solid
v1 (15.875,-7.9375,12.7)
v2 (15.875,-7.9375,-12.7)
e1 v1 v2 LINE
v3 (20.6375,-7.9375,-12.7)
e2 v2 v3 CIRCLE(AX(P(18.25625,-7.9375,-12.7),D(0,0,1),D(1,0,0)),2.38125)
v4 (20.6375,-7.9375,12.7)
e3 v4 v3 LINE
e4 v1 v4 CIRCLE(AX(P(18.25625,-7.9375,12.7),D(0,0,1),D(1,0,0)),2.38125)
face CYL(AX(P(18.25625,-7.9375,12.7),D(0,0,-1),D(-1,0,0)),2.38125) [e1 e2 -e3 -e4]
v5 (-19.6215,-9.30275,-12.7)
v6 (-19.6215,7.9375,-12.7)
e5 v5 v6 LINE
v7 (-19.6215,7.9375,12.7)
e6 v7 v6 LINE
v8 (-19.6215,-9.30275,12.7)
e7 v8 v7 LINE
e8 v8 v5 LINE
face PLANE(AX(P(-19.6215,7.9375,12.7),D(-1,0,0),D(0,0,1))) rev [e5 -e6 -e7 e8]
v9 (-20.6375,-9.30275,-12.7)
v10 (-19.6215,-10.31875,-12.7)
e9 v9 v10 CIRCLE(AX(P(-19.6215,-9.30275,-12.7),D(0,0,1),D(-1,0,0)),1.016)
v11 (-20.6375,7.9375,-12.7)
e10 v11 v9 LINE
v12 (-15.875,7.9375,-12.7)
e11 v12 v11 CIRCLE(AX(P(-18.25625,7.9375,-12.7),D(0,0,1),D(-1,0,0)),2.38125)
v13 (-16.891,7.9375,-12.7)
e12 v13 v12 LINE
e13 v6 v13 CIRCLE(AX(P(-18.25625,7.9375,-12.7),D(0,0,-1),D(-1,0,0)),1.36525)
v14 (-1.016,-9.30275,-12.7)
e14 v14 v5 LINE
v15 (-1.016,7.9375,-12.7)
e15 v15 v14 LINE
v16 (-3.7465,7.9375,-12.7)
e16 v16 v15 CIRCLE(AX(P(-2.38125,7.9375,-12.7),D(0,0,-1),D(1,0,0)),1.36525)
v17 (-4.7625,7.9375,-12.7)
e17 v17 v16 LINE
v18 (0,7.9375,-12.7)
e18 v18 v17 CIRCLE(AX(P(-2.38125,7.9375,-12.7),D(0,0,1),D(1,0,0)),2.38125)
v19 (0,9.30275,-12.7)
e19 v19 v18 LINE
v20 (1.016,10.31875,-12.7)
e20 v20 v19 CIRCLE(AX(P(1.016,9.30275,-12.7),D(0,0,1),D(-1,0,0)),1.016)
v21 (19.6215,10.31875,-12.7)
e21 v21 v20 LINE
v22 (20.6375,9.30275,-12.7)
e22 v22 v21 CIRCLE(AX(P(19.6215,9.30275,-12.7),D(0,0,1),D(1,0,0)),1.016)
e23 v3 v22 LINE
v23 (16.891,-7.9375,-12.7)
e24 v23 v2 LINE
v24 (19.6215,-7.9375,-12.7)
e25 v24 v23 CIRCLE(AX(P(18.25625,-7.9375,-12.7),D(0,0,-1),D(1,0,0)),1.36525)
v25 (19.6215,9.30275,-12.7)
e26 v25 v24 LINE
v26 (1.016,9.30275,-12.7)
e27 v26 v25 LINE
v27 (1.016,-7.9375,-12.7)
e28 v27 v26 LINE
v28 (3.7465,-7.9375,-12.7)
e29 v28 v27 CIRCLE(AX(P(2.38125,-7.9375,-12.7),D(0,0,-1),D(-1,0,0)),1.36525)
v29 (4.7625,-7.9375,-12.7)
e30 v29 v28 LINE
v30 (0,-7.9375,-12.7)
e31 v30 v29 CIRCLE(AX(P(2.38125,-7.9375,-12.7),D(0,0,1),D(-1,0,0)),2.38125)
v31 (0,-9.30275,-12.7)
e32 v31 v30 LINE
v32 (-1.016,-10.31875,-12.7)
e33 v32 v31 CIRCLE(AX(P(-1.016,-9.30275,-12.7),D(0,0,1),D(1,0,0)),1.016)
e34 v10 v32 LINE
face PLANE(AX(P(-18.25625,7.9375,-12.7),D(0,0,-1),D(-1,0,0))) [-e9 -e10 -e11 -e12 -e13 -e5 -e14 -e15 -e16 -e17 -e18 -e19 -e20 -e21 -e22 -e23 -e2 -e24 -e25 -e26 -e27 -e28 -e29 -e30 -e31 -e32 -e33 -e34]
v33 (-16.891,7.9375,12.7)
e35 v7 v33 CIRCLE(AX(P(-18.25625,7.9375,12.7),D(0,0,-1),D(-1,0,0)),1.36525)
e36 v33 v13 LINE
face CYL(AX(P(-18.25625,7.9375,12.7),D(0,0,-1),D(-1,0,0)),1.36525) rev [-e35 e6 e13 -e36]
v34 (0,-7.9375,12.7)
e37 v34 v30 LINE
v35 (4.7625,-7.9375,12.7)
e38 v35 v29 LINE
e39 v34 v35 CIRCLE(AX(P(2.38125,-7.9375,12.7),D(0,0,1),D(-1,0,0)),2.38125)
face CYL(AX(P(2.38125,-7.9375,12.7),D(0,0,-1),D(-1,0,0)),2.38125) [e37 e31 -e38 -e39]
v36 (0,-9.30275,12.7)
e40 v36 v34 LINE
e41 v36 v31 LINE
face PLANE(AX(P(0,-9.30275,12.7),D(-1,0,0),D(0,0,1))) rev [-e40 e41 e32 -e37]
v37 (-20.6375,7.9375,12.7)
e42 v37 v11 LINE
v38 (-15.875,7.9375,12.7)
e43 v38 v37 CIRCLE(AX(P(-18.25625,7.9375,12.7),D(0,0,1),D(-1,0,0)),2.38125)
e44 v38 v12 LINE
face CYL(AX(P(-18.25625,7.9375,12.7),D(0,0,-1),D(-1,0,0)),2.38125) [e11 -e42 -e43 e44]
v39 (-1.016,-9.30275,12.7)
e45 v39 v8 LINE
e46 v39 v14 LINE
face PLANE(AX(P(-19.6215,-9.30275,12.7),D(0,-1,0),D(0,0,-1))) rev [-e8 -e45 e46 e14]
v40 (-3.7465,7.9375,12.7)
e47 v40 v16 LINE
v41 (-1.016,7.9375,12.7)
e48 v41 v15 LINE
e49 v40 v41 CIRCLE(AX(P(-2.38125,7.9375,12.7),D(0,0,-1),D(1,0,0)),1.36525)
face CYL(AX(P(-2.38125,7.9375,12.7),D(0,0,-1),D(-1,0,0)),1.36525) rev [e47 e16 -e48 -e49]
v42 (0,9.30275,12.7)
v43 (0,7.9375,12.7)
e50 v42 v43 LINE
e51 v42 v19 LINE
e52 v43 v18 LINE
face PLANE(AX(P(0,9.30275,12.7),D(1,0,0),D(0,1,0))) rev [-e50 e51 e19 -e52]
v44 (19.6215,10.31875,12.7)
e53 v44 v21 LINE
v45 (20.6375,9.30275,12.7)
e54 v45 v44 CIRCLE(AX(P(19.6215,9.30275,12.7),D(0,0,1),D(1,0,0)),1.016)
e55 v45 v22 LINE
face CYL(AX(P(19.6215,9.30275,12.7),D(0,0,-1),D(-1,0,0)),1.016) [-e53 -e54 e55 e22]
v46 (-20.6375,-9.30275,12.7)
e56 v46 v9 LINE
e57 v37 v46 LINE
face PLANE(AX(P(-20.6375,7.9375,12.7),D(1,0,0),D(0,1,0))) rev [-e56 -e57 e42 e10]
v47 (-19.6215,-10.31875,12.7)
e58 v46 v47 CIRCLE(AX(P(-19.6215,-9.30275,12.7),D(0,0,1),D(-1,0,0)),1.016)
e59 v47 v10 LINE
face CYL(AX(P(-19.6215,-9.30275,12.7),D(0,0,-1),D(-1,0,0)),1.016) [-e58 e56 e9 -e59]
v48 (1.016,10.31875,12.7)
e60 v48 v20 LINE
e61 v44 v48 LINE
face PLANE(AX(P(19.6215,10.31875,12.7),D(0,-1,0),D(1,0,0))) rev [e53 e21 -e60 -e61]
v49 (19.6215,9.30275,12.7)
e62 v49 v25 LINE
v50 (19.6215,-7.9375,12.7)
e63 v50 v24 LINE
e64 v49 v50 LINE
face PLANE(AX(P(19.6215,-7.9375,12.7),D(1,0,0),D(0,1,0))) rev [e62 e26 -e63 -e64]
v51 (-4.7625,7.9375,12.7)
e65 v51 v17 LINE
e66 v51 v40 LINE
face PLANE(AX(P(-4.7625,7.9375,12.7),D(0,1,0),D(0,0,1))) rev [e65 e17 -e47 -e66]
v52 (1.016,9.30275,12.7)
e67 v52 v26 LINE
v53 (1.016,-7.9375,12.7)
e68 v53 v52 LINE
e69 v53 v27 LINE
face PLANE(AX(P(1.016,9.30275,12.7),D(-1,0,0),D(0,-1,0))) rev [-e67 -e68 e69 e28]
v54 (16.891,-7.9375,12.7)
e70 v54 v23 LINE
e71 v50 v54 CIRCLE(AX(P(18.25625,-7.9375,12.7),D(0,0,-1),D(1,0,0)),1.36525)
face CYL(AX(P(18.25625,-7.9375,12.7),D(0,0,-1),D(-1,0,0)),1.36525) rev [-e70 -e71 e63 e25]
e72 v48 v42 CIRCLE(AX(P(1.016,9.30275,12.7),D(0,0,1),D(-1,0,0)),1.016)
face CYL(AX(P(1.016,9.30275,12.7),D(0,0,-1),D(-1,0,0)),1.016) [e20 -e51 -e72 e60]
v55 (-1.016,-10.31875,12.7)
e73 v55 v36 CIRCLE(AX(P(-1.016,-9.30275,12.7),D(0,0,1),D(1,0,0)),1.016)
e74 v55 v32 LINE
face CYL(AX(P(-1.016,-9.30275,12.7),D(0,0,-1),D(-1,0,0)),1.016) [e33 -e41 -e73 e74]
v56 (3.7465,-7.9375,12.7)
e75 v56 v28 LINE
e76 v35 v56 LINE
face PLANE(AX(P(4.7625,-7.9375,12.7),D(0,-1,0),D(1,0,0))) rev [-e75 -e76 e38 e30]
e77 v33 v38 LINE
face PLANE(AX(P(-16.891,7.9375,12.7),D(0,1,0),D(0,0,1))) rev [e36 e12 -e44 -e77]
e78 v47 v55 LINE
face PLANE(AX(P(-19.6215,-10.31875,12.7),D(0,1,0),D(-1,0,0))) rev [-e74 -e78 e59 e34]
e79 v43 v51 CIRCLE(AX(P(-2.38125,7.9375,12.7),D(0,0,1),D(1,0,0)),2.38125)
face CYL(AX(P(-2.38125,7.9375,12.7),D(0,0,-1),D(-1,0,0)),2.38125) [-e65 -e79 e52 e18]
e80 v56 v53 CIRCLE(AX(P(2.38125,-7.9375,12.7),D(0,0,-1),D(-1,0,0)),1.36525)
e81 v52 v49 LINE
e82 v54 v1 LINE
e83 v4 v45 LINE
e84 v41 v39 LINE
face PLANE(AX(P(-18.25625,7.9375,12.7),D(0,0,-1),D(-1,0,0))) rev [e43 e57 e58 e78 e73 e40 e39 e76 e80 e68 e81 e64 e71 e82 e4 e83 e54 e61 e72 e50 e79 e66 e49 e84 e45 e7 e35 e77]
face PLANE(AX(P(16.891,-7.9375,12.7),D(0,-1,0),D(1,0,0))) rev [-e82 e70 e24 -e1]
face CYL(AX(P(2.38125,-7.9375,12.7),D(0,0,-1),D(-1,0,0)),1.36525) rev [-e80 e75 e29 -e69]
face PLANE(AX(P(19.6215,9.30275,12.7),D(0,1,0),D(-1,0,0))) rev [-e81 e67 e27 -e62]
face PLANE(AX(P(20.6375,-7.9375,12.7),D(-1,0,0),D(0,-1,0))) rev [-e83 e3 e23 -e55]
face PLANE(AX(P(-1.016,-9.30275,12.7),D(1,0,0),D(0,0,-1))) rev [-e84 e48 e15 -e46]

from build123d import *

# Parameters (mm, degrees)
BASE_EXTRUDE_DEPTH = 12.7
CIRPATTERN1_COUNT  = 2


with BuildPart() as part:
    # Sketch1 → Base-Extrude (new, symmetric)
    with BuildSketch(Plane.XY):
        with BuildLine():
            Line((-20.6375, 7.9375), (-20.6375, -9.30275))
            ThreePointArc((-20.6375, -9.30275), (-20.33992049, -10.02117049), (-19.6215, -10.31875))
            Line((-19.6215, -10.31875), (-1.016, -10.31875))
            ThreePointArc((-1.016, -10.31875), (-0.29757951, -10.02117049), (0, -9.30275))
            Line((0, -9.30275), (0, 7.9375))
            ThreePointArc((0, 7.9375), (-2.38125, 10.31875), (-4.7625, 7.9375))
            Line((-4.7625, 7.9375), (-3.7465, 7.9375))
            ThreePointArc((-3.7465, 7.9375), (-2.38125, 9.30275), (-1.016, 7.9375))
            Line((-1.016, 7.9375), (-1.016, -9.30275))
            Line((-1.016, -9.30275), (-19.6215, -9.30275))
            Line((-19.6215, -9.30275), (-19.6215, 7.9375))
            ThreePointArc((-19.6215, 7.9375), (-18.25625, 9.30275), (-16.891, 7.9375))
            Line((-16.891, 7.9375), (-15.875, 7.9375))
            ThreePointArc((-15.875, 7.9375), (-18.25625, 10.31875), (-20.6375, 7.9375))
        make_face()
    base_extrude = extrude(amount=BASE_EXTRUDE_DEPTH, both=True)

    # CirPattern1: Base-Extrude ×2 about axis
    cirpattern1_axis = Axis((0, 0, 0), (0, 0, 1))
    for i in range(1, CIRPATTERN1_COUNT):
        add(base_extrude.rotate(cirpattern1_axis, i * 360 / CIRPATTERN1_COUNT))


solid = part.part
